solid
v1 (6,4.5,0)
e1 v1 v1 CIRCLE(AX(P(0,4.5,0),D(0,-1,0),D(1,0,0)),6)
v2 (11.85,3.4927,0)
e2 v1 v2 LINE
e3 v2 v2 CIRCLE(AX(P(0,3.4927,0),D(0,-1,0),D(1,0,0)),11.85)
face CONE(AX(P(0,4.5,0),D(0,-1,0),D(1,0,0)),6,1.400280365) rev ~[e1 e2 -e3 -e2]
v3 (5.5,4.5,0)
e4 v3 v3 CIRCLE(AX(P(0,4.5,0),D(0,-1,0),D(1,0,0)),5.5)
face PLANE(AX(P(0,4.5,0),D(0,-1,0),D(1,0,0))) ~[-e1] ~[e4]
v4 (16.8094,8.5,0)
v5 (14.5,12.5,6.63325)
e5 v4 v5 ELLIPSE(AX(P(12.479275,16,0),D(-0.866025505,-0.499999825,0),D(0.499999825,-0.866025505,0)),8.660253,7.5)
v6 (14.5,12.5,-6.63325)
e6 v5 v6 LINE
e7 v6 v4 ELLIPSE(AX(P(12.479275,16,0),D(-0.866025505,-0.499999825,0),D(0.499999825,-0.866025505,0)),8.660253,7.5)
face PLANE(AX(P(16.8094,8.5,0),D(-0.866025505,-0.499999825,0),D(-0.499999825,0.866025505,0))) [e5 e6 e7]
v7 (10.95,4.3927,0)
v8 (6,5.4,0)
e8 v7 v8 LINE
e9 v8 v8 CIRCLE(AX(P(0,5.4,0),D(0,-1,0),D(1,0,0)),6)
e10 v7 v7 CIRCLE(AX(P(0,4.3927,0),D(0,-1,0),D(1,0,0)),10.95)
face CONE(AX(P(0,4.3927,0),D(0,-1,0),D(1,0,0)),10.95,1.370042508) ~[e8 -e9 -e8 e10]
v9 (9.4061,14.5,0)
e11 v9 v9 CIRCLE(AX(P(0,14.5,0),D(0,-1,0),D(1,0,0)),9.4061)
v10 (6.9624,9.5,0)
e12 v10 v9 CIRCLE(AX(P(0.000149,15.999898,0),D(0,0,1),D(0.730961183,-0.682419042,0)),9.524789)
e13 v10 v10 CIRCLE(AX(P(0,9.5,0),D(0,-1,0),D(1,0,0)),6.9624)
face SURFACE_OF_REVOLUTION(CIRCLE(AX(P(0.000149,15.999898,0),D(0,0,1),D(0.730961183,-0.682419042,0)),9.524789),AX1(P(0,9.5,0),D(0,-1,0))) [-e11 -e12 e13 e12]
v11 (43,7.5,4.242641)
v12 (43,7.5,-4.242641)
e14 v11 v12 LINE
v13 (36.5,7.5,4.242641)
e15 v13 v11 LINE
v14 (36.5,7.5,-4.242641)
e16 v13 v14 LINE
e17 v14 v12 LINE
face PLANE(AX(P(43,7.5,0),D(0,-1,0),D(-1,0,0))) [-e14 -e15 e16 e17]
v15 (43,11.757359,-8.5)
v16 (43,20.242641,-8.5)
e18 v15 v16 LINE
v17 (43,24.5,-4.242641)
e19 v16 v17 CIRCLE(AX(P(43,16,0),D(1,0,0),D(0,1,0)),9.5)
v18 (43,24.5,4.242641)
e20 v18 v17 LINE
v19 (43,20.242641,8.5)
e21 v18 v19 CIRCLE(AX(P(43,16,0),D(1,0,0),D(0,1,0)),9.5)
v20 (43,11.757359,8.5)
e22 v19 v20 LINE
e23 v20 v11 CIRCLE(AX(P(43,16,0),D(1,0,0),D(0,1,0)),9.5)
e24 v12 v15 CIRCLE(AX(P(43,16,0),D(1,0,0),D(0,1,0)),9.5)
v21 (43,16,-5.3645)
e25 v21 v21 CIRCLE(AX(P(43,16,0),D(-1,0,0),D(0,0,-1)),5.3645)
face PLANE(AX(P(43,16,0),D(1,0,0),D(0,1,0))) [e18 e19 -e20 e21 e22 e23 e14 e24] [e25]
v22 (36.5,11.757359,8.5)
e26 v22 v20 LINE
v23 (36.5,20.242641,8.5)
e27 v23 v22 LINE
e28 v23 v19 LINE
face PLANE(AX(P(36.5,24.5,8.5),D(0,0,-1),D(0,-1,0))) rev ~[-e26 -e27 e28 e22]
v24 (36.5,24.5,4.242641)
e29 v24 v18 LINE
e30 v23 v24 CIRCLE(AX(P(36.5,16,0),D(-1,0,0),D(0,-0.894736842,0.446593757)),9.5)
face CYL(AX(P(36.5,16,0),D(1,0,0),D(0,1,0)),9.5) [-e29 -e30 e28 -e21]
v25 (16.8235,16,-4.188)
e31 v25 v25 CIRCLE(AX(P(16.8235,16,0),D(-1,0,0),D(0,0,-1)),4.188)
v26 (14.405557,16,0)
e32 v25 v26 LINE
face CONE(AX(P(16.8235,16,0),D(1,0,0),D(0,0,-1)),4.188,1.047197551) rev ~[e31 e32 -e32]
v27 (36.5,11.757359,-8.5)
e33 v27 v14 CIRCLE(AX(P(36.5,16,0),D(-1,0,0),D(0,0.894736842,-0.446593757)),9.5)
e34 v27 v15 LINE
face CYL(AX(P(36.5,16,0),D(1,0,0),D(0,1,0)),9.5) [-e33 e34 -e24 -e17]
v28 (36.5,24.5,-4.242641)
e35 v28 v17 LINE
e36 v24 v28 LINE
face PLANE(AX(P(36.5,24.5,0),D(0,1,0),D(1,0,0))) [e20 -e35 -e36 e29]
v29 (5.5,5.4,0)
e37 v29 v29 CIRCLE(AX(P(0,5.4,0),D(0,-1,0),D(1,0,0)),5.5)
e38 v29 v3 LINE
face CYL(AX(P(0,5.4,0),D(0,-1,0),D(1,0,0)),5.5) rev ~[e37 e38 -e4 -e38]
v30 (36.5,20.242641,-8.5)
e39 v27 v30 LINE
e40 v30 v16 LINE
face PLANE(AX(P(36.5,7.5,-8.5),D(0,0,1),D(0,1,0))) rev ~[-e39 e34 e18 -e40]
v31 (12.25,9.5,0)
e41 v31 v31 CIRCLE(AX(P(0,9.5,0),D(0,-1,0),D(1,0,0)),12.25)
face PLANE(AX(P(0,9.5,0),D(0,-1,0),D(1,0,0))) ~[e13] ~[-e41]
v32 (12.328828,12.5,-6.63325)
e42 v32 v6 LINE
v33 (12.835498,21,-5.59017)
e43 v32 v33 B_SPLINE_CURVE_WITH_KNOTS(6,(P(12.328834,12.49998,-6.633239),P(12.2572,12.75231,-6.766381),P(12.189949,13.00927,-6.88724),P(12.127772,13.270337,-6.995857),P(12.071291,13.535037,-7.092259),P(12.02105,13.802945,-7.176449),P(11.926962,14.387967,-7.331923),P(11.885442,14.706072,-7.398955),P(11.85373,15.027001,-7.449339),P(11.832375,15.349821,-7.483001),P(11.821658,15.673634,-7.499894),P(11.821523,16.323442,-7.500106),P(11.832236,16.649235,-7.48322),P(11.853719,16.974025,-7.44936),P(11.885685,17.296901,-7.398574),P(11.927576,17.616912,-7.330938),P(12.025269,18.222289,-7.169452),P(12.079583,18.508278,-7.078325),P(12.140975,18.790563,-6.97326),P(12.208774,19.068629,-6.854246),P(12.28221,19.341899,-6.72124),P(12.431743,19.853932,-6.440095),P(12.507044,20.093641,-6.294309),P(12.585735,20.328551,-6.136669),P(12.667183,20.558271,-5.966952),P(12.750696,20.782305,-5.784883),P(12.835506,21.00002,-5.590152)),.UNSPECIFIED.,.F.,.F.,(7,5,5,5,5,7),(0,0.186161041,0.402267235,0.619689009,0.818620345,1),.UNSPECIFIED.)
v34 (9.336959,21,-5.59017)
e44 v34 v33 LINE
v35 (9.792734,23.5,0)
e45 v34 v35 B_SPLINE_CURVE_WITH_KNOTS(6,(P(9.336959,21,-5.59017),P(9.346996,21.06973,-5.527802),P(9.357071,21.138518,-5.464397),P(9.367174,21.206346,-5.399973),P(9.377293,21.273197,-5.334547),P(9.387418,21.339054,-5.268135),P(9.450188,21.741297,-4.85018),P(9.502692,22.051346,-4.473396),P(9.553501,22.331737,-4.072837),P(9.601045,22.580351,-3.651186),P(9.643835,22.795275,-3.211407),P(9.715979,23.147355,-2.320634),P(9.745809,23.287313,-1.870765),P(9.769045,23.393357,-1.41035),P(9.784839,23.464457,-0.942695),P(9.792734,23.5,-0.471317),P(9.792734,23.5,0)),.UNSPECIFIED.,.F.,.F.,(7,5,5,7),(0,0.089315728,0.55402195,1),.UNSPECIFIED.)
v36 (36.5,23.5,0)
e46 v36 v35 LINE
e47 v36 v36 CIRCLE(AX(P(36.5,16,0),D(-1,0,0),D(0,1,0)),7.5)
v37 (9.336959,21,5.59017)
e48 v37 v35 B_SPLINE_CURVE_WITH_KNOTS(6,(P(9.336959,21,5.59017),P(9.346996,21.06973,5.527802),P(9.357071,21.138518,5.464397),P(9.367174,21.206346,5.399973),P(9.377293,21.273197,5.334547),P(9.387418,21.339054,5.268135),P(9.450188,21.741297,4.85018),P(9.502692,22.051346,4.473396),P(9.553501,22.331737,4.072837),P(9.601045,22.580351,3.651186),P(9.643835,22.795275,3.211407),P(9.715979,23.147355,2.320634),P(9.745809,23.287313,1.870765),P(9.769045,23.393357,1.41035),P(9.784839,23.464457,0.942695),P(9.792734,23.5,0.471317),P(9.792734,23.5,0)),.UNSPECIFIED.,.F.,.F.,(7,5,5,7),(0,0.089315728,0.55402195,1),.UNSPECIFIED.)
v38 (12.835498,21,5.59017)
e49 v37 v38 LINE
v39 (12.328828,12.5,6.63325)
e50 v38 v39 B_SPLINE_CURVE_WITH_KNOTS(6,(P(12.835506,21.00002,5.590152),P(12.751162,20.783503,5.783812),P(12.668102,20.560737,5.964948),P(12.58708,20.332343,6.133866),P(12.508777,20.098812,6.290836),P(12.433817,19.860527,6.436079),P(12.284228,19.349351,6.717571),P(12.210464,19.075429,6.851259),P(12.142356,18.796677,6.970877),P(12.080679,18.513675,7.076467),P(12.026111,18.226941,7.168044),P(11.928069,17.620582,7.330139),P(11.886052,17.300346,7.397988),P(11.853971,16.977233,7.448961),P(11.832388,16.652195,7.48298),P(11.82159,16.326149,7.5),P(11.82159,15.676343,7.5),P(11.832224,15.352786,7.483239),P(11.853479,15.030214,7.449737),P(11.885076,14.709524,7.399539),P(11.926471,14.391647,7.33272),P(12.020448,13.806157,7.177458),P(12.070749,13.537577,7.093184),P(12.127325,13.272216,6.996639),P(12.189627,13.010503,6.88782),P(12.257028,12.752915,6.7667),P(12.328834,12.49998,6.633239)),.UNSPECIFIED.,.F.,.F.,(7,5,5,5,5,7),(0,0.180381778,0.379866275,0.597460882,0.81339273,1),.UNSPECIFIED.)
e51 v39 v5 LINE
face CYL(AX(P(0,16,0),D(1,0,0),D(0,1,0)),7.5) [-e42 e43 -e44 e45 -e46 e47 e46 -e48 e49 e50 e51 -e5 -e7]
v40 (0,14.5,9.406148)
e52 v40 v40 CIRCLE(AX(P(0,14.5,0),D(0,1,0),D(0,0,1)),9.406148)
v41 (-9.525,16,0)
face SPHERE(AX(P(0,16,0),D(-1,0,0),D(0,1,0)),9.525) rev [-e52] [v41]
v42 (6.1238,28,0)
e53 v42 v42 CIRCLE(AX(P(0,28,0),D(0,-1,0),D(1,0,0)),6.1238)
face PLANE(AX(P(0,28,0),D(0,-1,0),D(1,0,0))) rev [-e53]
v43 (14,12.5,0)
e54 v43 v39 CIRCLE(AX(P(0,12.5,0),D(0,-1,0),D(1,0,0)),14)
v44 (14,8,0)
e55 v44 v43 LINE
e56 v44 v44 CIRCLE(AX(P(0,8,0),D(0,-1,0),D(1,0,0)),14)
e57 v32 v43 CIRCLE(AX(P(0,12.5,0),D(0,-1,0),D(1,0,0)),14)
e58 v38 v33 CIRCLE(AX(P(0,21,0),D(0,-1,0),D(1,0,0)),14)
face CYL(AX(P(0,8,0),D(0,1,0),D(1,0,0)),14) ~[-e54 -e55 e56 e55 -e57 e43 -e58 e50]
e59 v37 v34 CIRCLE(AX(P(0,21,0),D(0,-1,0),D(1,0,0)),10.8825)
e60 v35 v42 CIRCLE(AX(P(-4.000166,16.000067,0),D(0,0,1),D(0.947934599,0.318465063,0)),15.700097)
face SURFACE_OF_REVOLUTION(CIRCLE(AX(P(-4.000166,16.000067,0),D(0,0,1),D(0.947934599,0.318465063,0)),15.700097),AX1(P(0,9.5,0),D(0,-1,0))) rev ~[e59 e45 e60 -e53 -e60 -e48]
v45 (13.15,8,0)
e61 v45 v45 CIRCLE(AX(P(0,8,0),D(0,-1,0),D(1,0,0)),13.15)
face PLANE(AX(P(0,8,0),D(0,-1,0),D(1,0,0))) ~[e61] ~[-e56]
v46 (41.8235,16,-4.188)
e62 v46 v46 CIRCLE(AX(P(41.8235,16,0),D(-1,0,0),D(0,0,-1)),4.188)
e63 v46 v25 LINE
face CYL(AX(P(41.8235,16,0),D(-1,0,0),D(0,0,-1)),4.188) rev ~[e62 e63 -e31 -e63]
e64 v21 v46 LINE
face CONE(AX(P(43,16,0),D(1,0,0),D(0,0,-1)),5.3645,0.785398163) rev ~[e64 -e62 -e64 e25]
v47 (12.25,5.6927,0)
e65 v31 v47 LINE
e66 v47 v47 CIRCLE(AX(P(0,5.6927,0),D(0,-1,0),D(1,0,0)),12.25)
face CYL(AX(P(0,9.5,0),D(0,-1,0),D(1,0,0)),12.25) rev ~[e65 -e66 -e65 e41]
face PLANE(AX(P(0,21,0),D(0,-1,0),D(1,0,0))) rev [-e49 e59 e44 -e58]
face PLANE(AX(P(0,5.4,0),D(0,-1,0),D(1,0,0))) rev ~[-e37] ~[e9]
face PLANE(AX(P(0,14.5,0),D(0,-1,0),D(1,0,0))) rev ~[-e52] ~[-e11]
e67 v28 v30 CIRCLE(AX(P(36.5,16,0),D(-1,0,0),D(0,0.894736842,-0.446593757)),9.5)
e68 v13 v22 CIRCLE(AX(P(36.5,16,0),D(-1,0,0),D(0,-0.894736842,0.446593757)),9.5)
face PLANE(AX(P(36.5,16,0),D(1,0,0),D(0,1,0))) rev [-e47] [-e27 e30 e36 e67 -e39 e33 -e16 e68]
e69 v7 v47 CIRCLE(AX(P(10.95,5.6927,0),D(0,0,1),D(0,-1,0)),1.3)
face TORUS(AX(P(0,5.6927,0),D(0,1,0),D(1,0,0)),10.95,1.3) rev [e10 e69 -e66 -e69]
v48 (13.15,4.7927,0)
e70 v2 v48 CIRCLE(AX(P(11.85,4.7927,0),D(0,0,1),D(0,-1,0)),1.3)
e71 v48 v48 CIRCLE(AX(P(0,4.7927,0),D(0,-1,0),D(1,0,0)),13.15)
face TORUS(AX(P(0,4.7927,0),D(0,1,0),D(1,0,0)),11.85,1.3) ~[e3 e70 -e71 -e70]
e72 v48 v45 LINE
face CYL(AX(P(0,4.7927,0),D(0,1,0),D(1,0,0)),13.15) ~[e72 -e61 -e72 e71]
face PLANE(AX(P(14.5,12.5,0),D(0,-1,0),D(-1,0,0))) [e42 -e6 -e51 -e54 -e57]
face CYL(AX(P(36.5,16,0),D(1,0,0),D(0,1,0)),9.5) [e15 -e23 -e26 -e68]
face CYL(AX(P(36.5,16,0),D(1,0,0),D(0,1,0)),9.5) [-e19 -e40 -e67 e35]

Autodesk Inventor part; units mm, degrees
sketch "Sketch_2" plane through (0, 0, 0) normal (0, 0, 1) x (1, 0, 0)
  line L0 (43, 16) -> (0, 16)
  line L1 (0, 16) -> (0, 23.5)
  line L2 (0, 23.5) -> (36.5, 23.5)
  line L3 (36.5, 23.5) -> (36.5, 25.5)
  line L4 (36.5, 25.5) -> (43, 25.5)
  line L5 (43, 25.5) -> (43, 16)
  line L6 (43, 16) -> (0, 16)
revolve "Revolution1" add sketch "Sketch_2" angle 360 about axis through (43, 16, 0) along (1, 0, 0)
sketch "Sketch_16" plane through (0, 0, 0) normal (0, 0, 1) x (1, 0, 0)
  line L0 (-14, 12.5) -> (-14, 4.7)
  line L1 (-14, 4.7) -> (45.85, 4.7)
  line L2 (45.85, 4.7) -> (45.85, 27.3)
  line L3 (45.85, 27.3) -> (16.8094, 27.3)
  line L4 (16.8094, 27.3) -> (16.8094, 23.5)
  line L5 (16.8094, 23.5) -> (36.5, 23.5)
  line L6 (36.5, 23.5) -> (36.5, 24.5)
  line L7 (36.5, 24.5) -> (43, 24.5)
  line L8 (43, 24.5) -> (43, 7.5)
  line L9 (43, 7.5) -> (36.5, 7.5)
  line L10 (36.5, 7.5) -> (36.5, 8.5)
  line L11 (36.5, 8.5) -> (16.8094, 8.5)
  line L12 (16.8094, 8.5) -> (14.5, 12.5)
  line L13 (14.5, 12.5) -> (-14, 12.5)
extrude "Extrusion1" cut sketch "Sketch_16" along normal mid plane 38
sketch "Sketch_12" plane through (0, 0, 0) normal (0, 0, 1) x (1, 0, 0)
  line L0 (0, 9.5) -> (0, 28)
  line L1 (0, 28) -> (6.1238, 28)
  arc A0 (10.8825, 21) -> (6.1238, 28) centre (-4.0001, 16.0001) ccw
  line L2 (10.8825, 21) -> (14, 21)
  line L3 (14, 21) -> (14, 12.5)
  line L4 (14, 12.5) -> (12.825, 12.5)
  line L5 (12.825, 12.5) -> (12.825, 9.5)
  line L6 (12.825, 9.5) -> (0, 9.5)
  line L7 (0, 9.5) -> (0, 28)
revolve "Revolution2" add sketch "Sketch_12" angle 360 about axis through (0, 9.5, 0) along (0, -1, 0)
sketch "Sketch_13" plane through (0, 0, 0) normal (0, 0, 1) x (1, 0, 0)
  line L0 (9.525, 16) -> (-9.525, 16)
  arc A0 (9.525, 16) -> (-9.525, 16) centre (0, 16) ccw
  line L1 (9.525, 16) -> (-9.525, 16)
revolve "Revolution3" cut sketch "Sketch_13" angle 360 about axis through (9.525, 16, 0) along (1, 0, 0)
sketch "Sketch_14" plane through (0, 0, 0) normal (0, 0, 1) x (1, 0, 0)
  line L0 (0, 9.5) -> (0, 14.5)
  line L1 (0, 14.5) -> (10.6001, 14.5)
  line L2 (10.6001, 14.5) -> (10.6001, 9.5)
  line L3 (10.6001, 9.5) -> (0, 9.5)
  line L4 (0, 9.5) -> (0, 14.5)
revolve "Revolution4" cut sketch "Sketch_14" angle 360 about axis through (0, 9.5, 0) along (0, -1, 0)
sketch "Sketch_15" plane through (0, 0, 0) normal (0, 0, 1) x (1, 0, 0)
  line L0 (0, 9.5) -> (0, 14.5)
  line L1 (6.9624, 9.5) -> (10.6001, 9.5)
  line L2 (10.6001, 9.5) -> (10.6001, 14.5)
  line L3 (10.6001, 14.5) -> (9.4061, 14.5)
  arc A0 (6.9624, 9.5) -> (9.4061, 14.5) centre (0, 16) ccw
revolve "Revolution5" add sketch "Sketch_15" angle 360 about axis through (0, 9.5, 0) along (0, -1, 0)
sketch "Sketch_17" plane through (0, 0, 0) normal (0, 0, 1) x (1, 0, 0)
  line L0 (0, 4.5) -> (0, 12.5)
  line L1 (5.5, 5.4) -> (5.5, 4.5)
  line L2 (5.5, 4.5) -> (6, 4.5)
  line L3 (6, 4.5) -> (11.85, 3.4927)
  arc A0 (11.85, 3.4927) -> (13.15, 4.7927) centre (11.85, 4.7927) ccw
  line L4 (13.15, 4.7927) -> (13.15, 8)
  line L5 (13.15, 8) -> (14, 8)
  line L6 (14, 8) -> (14, 12.5)
  line L7 (14, 12.5) -> (12.825, 12.5)
  line L8 (12.825, 12.5) -> (12.825, 9.5)
  line L9 (12.825, 9.5) -> (12.25, 9.5)
  line L10 (12.25, 9.5) -> (12.25, 5.6927)
  arc A1 (10.95, 4.3927) -> (12.25, 5.6927) centre (10.95, 5.6927) ccw
  line L11 (10.95, 4.3927) -> (6, 5.4)
  line L12 (6, 5.4) -> (5.5, 5.4)
revolve "Revolution6" add sketch "Sketch_17" angle 360 about axis through (0, 4.5, 0) along (0, -1, 0)
sketch "Sketch8" plane through (43, 16, 0) normal (1, 0, 0) x (0, 0, -1)
  point P0 (0, 0)
hole "Hole1" at (43, 16, 0) direction (-1, 0, 0) diameter 8.376 depth 26.1765 tip angle 120 countersink diameter 10.729 countersink angle 90 thread size "M10x1.5" class "6H" standard "ISO Metric profile"
sketch "Sketch_20" plane through (36.5, 0, 0) normal (1, 0, 0) x (0, 0, -1)
  line L0 (-12.75, 5.8) -> (12.75, 5.8)
  line L1 (12.75, 5.8) -> (12.75, 26.2)
  line L2 (12.75, 26.2) -> (-12.75, 26.2)
  line L3 (-12.75, 26.2) -> (-12.75, 5.8)
  line L4 (-8.5, 24.5) -> (-8.5, 7.5)
  line L5 (-8.5, 7.5) -> (8.5, 7.5)
  line L6 (8.5, 7.5) -> (8.5, 24.5)
  line L7 (8.5, 24.5) -> (-8.5, 24.5)
extrude "Extrusion2" cut sketch "Sketch_20" along normal blind 6.5
ref_plane "IP1_XY" through (0, 16, 0) normal (0, 0, 1) x (1, 0, 0)
ref_plane "IP1_YZ" through (0, 16, 0) normal (1, 0, 0) x (0, 1, 0)
ref_plane "IP1_ZX" through (0, 16, 0) normal (0, 1, 0) x (0, 0, 1)
properties part number "LHSA 10 Body1"
